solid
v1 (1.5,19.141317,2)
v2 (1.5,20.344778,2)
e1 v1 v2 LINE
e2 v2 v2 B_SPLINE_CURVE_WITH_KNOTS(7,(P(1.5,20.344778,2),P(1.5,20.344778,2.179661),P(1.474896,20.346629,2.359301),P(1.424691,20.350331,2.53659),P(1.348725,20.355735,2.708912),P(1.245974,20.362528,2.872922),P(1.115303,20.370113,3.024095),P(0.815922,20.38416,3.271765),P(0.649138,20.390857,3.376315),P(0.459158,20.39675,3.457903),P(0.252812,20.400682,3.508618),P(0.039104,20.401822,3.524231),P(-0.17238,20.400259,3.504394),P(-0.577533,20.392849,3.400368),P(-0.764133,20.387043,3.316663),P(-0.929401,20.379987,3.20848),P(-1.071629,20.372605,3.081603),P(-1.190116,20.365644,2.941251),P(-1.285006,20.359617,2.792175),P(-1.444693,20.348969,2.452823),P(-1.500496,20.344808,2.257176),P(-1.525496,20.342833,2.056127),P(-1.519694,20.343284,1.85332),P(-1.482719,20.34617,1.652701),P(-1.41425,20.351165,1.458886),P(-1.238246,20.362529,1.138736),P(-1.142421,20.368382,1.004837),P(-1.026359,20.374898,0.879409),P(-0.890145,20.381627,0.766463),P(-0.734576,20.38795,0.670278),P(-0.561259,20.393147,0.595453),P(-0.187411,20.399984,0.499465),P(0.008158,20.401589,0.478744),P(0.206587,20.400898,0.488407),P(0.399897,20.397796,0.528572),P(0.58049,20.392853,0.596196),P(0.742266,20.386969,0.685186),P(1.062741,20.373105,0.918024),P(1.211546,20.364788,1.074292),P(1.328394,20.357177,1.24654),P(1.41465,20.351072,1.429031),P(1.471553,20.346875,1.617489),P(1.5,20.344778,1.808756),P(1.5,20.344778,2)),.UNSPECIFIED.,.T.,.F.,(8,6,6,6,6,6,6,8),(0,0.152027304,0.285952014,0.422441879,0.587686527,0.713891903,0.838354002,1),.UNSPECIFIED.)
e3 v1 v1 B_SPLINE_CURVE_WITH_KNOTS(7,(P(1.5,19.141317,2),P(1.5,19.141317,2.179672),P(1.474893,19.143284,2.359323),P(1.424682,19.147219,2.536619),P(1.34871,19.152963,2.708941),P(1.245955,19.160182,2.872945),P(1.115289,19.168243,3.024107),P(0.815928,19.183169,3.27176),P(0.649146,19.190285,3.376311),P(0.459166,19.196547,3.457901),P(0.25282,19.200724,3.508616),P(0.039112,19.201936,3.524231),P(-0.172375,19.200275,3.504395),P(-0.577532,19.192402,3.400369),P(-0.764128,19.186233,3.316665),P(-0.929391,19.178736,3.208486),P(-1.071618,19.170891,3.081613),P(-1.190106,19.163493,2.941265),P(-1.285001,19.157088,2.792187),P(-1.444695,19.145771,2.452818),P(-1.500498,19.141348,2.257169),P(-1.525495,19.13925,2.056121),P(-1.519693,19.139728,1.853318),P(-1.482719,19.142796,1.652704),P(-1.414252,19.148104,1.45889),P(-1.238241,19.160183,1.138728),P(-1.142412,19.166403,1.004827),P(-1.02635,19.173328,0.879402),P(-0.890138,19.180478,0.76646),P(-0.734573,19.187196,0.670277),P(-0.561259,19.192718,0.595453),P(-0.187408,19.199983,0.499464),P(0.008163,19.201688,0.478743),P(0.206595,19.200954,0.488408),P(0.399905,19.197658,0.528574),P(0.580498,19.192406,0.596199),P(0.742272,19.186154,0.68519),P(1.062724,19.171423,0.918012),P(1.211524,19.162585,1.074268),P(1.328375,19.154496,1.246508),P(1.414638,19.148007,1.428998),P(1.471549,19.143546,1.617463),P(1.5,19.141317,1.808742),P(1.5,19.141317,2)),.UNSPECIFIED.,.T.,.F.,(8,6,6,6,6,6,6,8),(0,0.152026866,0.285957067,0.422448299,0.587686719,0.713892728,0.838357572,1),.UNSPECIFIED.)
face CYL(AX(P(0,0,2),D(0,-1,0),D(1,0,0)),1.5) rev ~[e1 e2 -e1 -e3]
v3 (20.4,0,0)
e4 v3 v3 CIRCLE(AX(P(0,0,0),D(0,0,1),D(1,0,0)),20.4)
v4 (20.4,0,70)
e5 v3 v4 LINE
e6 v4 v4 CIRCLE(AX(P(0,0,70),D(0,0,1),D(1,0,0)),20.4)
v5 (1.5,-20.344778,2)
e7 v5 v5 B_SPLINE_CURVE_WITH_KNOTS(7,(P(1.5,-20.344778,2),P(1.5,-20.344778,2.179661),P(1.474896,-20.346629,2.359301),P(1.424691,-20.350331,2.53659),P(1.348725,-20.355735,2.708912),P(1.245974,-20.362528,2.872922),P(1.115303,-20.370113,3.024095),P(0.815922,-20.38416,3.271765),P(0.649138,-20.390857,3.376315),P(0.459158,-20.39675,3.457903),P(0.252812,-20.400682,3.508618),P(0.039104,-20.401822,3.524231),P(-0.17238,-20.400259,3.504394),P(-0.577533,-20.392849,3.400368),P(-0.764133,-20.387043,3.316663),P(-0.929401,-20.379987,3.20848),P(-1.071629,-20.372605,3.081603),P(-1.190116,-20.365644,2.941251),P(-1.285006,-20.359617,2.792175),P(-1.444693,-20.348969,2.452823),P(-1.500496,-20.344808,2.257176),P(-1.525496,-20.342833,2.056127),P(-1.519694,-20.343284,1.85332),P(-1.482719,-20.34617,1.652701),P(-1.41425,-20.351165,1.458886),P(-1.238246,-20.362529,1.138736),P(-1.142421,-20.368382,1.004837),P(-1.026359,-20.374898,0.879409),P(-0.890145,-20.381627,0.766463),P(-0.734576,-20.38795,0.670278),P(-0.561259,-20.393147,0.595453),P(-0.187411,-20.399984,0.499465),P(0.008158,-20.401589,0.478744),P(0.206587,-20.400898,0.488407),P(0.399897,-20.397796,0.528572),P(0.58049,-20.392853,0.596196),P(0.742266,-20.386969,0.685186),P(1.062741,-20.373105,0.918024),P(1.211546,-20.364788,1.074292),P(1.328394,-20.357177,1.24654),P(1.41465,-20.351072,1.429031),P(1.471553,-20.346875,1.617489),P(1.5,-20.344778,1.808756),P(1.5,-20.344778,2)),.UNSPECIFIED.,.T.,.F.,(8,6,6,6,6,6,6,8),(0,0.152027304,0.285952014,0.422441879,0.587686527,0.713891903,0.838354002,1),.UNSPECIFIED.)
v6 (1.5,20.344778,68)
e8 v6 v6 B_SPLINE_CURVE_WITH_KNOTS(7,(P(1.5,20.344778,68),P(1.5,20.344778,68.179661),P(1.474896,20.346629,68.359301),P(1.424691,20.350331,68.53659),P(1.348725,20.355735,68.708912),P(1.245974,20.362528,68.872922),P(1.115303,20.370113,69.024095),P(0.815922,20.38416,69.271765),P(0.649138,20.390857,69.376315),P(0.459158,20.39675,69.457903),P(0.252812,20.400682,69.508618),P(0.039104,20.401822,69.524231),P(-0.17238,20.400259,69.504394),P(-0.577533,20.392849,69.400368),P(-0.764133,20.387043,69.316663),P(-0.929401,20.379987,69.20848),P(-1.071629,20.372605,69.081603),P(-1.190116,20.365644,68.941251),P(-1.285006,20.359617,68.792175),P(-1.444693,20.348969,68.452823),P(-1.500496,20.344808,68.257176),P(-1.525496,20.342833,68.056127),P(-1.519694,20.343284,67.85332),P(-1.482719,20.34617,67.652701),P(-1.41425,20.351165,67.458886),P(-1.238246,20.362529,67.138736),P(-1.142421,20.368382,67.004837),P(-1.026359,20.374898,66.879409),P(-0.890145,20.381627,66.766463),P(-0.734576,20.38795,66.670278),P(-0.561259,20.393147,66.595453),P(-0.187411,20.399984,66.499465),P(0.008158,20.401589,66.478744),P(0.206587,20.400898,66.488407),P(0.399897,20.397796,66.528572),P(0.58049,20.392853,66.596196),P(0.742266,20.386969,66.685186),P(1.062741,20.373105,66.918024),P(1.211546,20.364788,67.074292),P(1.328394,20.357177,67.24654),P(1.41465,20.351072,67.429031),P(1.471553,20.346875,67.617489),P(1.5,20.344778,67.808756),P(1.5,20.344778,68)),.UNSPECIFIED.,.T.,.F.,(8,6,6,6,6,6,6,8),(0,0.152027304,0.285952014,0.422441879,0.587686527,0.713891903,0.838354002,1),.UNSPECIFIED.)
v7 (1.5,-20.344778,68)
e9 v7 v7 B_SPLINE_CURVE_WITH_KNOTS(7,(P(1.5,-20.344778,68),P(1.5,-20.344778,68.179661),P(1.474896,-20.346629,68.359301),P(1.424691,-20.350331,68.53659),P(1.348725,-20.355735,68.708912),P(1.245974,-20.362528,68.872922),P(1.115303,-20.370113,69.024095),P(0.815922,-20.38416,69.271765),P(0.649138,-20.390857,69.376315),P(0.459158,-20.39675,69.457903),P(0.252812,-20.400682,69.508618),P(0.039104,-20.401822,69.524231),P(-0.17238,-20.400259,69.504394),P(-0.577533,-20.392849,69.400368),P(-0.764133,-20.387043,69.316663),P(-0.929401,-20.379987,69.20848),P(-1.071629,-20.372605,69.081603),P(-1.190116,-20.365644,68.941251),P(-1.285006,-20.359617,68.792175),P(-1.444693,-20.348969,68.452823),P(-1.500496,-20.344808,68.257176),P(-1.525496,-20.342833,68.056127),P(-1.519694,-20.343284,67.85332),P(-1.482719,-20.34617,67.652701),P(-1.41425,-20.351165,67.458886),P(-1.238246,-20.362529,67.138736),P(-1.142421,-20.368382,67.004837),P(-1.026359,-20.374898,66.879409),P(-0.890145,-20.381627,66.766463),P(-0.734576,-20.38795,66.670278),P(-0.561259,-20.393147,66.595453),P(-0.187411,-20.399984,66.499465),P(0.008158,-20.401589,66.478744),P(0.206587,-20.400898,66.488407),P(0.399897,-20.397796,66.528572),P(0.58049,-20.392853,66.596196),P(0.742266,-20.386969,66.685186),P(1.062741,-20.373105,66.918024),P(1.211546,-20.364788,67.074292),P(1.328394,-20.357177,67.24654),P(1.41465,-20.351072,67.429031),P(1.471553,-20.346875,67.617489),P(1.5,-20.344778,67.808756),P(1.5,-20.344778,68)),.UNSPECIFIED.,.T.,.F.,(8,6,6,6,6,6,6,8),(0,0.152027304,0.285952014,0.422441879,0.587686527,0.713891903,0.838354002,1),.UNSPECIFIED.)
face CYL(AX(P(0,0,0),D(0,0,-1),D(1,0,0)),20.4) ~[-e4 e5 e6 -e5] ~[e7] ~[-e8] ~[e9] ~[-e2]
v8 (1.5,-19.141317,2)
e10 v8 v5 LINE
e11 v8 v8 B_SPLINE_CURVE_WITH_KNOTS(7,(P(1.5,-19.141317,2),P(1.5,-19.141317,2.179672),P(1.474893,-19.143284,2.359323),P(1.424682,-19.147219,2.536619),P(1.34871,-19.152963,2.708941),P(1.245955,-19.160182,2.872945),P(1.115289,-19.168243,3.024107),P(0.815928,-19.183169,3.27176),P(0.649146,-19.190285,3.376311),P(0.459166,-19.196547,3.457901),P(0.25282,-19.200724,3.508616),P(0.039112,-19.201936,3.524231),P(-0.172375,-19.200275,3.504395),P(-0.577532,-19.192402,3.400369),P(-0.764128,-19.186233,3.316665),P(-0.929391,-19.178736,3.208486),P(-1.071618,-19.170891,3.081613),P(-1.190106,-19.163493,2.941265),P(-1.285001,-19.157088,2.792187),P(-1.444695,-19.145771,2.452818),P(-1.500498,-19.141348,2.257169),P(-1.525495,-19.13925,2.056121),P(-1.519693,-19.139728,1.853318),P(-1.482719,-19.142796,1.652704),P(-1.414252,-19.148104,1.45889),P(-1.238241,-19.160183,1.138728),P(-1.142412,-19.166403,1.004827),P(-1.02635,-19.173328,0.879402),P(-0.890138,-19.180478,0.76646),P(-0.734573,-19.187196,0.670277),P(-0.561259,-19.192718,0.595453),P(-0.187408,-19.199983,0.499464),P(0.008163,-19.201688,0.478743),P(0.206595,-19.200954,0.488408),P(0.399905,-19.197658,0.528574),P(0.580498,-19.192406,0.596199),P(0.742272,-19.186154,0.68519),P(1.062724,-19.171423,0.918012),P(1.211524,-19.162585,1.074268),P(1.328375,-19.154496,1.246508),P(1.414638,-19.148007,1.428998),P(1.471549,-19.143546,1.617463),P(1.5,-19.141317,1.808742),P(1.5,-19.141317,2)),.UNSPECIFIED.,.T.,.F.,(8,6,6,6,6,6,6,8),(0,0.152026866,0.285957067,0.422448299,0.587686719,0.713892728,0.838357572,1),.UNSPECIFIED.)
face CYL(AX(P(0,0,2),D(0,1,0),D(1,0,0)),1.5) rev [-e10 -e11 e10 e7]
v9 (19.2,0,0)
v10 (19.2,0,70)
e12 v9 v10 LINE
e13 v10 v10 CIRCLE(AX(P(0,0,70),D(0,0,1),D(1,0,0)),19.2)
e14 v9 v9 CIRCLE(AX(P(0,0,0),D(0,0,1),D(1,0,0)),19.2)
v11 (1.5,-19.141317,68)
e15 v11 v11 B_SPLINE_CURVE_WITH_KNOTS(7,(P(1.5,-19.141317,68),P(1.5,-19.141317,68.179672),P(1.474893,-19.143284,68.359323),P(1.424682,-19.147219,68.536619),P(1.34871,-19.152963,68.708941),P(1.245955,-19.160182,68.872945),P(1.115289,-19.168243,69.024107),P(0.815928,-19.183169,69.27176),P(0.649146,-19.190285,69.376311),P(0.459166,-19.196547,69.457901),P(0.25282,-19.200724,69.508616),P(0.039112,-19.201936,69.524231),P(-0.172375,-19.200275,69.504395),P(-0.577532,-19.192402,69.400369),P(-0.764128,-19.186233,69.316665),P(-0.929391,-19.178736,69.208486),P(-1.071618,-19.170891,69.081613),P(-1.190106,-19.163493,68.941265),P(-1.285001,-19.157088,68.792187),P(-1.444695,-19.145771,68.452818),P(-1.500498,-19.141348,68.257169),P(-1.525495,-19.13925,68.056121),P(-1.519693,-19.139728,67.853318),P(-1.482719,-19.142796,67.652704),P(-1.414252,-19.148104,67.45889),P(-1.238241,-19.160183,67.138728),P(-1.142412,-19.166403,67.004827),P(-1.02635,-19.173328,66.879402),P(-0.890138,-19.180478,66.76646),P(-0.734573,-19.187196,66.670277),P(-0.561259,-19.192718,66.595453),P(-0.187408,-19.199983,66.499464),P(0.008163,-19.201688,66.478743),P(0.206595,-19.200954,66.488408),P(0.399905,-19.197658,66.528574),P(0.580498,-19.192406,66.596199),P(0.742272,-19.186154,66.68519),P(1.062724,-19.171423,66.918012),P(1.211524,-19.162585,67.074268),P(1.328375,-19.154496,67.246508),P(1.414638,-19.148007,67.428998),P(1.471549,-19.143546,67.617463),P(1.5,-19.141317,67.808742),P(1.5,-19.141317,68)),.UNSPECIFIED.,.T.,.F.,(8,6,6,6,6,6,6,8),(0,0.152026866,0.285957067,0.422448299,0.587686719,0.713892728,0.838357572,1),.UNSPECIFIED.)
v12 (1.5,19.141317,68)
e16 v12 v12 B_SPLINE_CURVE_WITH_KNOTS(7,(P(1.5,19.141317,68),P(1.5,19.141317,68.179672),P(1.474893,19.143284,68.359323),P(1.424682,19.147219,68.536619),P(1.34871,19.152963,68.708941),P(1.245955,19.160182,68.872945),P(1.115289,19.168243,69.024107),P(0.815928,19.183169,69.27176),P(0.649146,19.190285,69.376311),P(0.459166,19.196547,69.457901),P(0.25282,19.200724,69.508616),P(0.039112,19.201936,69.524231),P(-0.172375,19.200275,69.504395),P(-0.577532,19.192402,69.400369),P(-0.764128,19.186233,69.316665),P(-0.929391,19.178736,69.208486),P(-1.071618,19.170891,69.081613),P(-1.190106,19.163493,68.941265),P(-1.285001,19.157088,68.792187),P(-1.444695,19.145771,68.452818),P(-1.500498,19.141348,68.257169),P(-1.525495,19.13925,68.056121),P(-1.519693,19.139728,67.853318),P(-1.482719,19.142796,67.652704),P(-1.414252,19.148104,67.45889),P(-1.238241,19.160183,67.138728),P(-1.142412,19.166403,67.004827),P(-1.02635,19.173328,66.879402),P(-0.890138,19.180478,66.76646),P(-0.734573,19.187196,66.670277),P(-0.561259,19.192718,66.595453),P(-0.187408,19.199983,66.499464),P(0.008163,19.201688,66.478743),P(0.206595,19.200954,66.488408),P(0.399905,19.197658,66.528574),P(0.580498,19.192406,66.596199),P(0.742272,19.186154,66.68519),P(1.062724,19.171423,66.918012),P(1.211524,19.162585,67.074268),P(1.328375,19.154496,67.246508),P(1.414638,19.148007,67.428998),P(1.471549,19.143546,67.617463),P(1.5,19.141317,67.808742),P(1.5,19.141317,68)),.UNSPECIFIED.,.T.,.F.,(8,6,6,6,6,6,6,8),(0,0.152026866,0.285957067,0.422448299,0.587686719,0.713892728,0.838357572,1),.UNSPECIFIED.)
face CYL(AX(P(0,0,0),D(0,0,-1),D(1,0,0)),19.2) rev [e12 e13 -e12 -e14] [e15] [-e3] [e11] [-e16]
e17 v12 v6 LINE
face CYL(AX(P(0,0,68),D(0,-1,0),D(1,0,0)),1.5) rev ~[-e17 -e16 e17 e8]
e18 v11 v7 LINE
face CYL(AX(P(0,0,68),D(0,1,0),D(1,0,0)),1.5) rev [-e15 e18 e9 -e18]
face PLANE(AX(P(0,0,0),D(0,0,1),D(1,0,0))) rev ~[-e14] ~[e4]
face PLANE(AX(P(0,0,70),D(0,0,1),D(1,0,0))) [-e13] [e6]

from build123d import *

# Parameters (mm, degrees)
SKETCH_R          = 20.4
SKETCH_R_2        = 19.2
PAD_DEPTH         = 70
SKETCH001_R       = 1.5
POCKET_DEPTH      = 20.401
POCKET_DEPTH_BACK = -20.401


with BuildPart() as part:
    # Sketch → Pad (new body)
    with BuildSketch(Plane.XY):
        Circle(SKETCH_R)
        Circle(SKETCH_R_2, mode=Mode.SUBTRACT)
    extrude(amount=PAD_DEPTH)

    # Sketch001 → Pocket (cut, two sides)
    with BuildSketch(Plane.XZ) as pocket_sk:
        with Locations((0, 2)):
            Circle(SKETCH001_R)
        with Locations((0, 68)):
            Circle(SKETCH001_R)
    extrude(amount=-POCKET_DEPTH, mode=Mode.SUBTRACT)
    extrude(pocket_sk.sketch, amount=-POCKET_DEPTH_BACK, mode=Mode.SUBTRACT)


solid = part.part
